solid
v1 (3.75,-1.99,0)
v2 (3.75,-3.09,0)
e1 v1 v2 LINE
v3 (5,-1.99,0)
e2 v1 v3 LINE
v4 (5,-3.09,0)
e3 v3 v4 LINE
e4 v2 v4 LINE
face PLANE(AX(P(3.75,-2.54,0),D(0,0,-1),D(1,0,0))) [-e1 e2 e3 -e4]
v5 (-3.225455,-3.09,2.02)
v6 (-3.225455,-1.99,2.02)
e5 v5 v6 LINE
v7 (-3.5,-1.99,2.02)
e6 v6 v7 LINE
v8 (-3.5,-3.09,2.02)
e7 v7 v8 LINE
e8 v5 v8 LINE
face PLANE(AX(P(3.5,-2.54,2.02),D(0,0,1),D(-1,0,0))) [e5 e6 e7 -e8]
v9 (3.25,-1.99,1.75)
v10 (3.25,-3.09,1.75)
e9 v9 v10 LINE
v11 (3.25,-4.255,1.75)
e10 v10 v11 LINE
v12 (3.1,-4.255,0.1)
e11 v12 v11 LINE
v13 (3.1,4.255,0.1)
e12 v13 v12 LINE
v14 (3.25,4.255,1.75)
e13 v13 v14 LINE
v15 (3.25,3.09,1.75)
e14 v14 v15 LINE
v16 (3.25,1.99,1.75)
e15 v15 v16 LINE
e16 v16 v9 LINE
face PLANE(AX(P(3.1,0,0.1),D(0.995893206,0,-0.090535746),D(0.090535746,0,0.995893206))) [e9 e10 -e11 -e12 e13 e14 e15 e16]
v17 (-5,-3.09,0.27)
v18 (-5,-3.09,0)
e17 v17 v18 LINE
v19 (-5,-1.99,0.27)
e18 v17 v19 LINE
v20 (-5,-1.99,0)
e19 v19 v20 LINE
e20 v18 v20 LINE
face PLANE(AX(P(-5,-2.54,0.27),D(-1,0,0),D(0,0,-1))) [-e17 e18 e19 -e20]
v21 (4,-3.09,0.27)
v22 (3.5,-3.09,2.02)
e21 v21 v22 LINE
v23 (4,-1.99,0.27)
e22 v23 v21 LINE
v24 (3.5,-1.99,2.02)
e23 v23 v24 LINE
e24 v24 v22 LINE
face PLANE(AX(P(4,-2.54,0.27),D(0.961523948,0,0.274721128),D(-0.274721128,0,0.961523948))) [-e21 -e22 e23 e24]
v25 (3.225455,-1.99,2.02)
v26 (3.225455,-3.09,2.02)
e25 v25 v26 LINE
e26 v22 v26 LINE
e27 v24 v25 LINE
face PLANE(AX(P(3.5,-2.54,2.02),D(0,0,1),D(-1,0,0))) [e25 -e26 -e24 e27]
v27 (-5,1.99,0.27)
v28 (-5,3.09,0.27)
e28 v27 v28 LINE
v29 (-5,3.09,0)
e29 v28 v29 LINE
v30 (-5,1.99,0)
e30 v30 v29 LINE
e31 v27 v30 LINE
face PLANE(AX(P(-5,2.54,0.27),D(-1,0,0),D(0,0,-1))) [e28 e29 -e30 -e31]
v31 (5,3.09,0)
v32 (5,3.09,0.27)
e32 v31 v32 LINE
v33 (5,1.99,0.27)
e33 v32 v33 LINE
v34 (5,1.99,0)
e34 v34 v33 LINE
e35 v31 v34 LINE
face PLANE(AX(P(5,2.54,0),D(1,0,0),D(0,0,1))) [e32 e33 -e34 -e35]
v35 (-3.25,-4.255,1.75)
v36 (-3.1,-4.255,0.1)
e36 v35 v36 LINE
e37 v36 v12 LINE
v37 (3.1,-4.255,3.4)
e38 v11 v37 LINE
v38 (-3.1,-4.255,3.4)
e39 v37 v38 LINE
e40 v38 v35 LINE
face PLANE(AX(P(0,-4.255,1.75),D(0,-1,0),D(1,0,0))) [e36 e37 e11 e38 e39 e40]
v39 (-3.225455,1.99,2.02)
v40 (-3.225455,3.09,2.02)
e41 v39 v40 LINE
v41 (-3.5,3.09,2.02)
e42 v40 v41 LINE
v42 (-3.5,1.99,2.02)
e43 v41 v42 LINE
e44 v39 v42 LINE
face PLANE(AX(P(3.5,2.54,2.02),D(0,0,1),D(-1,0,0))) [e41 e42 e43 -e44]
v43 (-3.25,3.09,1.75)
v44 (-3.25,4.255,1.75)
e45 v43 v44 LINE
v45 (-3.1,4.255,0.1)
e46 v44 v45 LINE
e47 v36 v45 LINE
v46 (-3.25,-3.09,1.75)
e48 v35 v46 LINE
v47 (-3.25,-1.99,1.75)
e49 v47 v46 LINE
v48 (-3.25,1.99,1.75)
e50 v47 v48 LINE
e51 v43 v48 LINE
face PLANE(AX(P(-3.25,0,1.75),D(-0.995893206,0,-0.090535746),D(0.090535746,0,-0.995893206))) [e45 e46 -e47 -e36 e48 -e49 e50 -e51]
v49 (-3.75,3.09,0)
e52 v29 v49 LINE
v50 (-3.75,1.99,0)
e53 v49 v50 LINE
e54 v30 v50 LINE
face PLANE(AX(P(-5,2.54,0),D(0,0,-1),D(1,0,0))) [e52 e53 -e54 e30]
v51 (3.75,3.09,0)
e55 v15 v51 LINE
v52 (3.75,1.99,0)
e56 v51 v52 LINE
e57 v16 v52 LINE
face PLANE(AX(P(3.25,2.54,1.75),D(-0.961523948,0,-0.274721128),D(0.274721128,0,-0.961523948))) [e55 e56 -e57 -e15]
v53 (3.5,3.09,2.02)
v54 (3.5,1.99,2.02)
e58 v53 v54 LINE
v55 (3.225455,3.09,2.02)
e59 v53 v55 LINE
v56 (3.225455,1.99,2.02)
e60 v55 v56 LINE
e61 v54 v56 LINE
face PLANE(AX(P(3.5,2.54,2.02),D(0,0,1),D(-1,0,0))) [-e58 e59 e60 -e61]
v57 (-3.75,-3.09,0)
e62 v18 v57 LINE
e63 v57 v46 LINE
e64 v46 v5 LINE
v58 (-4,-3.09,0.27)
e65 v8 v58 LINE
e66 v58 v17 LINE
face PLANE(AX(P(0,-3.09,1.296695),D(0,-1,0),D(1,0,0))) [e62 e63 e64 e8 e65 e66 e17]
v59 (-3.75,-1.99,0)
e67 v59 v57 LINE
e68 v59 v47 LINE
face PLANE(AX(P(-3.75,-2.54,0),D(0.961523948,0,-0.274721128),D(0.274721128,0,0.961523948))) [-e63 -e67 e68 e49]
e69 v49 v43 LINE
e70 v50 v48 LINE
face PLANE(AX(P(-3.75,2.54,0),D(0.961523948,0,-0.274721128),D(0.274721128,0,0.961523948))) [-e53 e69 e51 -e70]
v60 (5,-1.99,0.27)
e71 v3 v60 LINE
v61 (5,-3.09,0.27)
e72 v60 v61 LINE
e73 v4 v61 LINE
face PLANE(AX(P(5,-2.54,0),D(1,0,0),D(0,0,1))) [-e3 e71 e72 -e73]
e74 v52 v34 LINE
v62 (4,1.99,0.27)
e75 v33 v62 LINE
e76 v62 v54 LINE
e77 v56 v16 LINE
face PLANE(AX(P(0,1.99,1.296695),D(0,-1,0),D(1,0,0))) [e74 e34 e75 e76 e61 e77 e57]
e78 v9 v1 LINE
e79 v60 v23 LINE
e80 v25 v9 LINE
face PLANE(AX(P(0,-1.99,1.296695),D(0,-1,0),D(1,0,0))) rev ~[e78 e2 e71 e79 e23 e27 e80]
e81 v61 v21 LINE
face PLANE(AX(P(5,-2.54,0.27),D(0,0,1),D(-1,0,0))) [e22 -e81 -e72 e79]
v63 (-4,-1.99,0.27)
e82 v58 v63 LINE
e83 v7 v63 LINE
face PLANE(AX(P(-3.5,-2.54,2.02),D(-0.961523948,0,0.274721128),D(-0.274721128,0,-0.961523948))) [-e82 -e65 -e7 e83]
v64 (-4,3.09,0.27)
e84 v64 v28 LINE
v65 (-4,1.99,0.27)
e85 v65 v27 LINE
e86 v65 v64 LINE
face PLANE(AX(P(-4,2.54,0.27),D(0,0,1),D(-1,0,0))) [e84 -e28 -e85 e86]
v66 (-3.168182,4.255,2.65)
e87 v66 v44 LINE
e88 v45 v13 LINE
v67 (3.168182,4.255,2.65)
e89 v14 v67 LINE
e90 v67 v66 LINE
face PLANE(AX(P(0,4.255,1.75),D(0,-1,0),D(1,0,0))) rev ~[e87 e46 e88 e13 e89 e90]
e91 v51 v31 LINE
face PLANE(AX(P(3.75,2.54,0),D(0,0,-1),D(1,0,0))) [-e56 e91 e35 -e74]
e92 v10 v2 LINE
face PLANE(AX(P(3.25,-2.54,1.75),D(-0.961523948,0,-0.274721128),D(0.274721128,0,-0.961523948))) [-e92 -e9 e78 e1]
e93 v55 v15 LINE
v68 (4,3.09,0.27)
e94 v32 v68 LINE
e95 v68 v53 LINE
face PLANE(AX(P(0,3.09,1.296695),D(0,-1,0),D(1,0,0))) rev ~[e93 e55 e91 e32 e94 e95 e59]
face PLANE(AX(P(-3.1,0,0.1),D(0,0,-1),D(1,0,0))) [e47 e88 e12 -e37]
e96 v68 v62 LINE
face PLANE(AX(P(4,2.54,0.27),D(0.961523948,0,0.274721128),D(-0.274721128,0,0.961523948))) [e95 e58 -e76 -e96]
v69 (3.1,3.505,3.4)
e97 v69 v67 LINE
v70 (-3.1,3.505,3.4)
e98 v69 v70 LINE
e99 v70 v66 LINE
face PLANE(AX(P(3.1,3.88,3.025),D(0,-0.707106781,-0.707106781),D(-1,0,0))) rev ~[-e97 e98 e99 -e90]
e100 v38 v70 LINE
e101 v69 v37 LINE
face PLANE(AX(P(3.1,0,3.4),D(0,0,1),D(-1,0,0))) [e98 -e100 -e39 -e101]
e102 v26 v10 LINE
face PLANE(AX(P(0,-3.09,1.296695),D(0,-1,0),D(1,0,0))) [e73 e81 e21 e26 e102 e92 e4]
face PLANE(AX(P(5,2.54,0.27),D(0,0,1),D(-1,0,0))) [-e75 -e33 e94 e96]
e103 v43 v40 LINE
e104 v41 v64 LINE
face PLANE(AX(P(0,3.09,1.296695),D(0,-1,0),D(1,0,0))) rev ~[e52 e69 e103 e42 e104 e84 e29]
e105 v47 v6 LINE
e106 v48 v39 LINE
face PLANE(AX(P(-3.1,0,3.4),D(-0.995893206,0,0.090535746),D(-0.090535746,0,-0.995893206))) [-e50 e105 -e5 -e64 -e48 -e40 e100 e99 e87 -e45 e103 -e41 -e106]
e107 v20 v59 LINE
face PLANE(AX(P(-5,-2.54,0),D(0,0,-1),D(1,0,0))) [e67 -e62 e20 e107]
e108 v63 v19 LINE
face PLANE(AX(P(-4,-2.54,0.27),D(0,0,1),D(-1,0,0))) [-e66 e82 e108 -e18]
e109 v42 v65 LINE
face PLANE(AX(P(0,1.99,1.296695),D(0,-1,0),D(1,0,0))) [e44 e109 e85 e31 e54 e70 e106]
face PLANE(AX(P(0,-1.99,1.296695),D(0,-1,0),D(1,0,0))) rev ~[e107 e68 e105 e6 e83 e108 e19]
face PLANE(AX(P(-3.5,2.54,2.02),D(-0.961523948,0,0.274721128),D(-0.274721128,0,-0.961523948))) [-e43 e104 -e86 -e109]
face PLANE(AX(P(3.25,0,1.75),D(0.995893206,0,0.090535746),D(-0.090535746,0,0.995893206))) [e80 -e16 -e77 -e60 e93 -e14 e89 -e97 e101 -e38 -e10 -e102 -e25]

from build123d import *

# Parameters (mm, degrees)
PAD001_DEPTH = 0.55
PAD002_DEPTH = 0.55
PAD_DEPTH    = 4.255
CHAMFER_SIZE = 0.75


with BuildPart() as pad001:
    # Sketch001 → Pad001 (new body, symmetric)
    with BuildSketch(Plane.XZ.offset(2.54)):
        Polygon((-5, 0), (-3.75, 0), (-3.25, 1.75), (3.25, 1.75), (3.75, 0), (5, 0), (5, 0.27), (4, 0.27), (3.5, 2.02), (-3.5, 2.02), (-4, 0.27), (-5, 0.27), align=None)
    extrude(amount=PAD001_DEPTH, both=True)


with BuildPart() as pad002:
    # Sketch002 → Pad002 (new body, symmetric)
    with BuildSketch(Plane.XZ.offset(-2.54)):
        Polygon((-5, 0), (-3.75, 0), (-3.25, 1.75), (3.25, 1.75), (3.75, 0), (5, 0), (5, 0.27), (4, 0.27), (3.5, 2.02), (-3.5, 2.02), (-4, 0.27), (-5, 0.27), align=None)
    extrude(amount=PAD002_DEPTH, both=True)


with BuildPart() as diode_bridge_vishay_dfs:
    # Sketch → Pad (new body, symmetric)
    with BuildSketch(Plane.XZ):
        Polygon((-3.1, 0.1), (3.1, 0.1), (3.25, 1.75), (3.1, 3.4), (-3.1, 3.4), (-3.25, 1.75), align=None)
    extrude(amount=PAD_DEPTH, both=True)

    # Chamfer
    chamfer_edges = [diode_bridge_vishay_dfs.edges().sort_by_distance(p)[0] for p in [
        (0, 4.255, 3.4),
    ]]
    chamfer(chamfer_edges, length=CHAMFER_SIZE)

    # Chamfer_mp_cp: union Pad001, Pad002
    add(pad001.part)
    add(pad002.part)


solid = diode_bridge_vishay_dfs.part
